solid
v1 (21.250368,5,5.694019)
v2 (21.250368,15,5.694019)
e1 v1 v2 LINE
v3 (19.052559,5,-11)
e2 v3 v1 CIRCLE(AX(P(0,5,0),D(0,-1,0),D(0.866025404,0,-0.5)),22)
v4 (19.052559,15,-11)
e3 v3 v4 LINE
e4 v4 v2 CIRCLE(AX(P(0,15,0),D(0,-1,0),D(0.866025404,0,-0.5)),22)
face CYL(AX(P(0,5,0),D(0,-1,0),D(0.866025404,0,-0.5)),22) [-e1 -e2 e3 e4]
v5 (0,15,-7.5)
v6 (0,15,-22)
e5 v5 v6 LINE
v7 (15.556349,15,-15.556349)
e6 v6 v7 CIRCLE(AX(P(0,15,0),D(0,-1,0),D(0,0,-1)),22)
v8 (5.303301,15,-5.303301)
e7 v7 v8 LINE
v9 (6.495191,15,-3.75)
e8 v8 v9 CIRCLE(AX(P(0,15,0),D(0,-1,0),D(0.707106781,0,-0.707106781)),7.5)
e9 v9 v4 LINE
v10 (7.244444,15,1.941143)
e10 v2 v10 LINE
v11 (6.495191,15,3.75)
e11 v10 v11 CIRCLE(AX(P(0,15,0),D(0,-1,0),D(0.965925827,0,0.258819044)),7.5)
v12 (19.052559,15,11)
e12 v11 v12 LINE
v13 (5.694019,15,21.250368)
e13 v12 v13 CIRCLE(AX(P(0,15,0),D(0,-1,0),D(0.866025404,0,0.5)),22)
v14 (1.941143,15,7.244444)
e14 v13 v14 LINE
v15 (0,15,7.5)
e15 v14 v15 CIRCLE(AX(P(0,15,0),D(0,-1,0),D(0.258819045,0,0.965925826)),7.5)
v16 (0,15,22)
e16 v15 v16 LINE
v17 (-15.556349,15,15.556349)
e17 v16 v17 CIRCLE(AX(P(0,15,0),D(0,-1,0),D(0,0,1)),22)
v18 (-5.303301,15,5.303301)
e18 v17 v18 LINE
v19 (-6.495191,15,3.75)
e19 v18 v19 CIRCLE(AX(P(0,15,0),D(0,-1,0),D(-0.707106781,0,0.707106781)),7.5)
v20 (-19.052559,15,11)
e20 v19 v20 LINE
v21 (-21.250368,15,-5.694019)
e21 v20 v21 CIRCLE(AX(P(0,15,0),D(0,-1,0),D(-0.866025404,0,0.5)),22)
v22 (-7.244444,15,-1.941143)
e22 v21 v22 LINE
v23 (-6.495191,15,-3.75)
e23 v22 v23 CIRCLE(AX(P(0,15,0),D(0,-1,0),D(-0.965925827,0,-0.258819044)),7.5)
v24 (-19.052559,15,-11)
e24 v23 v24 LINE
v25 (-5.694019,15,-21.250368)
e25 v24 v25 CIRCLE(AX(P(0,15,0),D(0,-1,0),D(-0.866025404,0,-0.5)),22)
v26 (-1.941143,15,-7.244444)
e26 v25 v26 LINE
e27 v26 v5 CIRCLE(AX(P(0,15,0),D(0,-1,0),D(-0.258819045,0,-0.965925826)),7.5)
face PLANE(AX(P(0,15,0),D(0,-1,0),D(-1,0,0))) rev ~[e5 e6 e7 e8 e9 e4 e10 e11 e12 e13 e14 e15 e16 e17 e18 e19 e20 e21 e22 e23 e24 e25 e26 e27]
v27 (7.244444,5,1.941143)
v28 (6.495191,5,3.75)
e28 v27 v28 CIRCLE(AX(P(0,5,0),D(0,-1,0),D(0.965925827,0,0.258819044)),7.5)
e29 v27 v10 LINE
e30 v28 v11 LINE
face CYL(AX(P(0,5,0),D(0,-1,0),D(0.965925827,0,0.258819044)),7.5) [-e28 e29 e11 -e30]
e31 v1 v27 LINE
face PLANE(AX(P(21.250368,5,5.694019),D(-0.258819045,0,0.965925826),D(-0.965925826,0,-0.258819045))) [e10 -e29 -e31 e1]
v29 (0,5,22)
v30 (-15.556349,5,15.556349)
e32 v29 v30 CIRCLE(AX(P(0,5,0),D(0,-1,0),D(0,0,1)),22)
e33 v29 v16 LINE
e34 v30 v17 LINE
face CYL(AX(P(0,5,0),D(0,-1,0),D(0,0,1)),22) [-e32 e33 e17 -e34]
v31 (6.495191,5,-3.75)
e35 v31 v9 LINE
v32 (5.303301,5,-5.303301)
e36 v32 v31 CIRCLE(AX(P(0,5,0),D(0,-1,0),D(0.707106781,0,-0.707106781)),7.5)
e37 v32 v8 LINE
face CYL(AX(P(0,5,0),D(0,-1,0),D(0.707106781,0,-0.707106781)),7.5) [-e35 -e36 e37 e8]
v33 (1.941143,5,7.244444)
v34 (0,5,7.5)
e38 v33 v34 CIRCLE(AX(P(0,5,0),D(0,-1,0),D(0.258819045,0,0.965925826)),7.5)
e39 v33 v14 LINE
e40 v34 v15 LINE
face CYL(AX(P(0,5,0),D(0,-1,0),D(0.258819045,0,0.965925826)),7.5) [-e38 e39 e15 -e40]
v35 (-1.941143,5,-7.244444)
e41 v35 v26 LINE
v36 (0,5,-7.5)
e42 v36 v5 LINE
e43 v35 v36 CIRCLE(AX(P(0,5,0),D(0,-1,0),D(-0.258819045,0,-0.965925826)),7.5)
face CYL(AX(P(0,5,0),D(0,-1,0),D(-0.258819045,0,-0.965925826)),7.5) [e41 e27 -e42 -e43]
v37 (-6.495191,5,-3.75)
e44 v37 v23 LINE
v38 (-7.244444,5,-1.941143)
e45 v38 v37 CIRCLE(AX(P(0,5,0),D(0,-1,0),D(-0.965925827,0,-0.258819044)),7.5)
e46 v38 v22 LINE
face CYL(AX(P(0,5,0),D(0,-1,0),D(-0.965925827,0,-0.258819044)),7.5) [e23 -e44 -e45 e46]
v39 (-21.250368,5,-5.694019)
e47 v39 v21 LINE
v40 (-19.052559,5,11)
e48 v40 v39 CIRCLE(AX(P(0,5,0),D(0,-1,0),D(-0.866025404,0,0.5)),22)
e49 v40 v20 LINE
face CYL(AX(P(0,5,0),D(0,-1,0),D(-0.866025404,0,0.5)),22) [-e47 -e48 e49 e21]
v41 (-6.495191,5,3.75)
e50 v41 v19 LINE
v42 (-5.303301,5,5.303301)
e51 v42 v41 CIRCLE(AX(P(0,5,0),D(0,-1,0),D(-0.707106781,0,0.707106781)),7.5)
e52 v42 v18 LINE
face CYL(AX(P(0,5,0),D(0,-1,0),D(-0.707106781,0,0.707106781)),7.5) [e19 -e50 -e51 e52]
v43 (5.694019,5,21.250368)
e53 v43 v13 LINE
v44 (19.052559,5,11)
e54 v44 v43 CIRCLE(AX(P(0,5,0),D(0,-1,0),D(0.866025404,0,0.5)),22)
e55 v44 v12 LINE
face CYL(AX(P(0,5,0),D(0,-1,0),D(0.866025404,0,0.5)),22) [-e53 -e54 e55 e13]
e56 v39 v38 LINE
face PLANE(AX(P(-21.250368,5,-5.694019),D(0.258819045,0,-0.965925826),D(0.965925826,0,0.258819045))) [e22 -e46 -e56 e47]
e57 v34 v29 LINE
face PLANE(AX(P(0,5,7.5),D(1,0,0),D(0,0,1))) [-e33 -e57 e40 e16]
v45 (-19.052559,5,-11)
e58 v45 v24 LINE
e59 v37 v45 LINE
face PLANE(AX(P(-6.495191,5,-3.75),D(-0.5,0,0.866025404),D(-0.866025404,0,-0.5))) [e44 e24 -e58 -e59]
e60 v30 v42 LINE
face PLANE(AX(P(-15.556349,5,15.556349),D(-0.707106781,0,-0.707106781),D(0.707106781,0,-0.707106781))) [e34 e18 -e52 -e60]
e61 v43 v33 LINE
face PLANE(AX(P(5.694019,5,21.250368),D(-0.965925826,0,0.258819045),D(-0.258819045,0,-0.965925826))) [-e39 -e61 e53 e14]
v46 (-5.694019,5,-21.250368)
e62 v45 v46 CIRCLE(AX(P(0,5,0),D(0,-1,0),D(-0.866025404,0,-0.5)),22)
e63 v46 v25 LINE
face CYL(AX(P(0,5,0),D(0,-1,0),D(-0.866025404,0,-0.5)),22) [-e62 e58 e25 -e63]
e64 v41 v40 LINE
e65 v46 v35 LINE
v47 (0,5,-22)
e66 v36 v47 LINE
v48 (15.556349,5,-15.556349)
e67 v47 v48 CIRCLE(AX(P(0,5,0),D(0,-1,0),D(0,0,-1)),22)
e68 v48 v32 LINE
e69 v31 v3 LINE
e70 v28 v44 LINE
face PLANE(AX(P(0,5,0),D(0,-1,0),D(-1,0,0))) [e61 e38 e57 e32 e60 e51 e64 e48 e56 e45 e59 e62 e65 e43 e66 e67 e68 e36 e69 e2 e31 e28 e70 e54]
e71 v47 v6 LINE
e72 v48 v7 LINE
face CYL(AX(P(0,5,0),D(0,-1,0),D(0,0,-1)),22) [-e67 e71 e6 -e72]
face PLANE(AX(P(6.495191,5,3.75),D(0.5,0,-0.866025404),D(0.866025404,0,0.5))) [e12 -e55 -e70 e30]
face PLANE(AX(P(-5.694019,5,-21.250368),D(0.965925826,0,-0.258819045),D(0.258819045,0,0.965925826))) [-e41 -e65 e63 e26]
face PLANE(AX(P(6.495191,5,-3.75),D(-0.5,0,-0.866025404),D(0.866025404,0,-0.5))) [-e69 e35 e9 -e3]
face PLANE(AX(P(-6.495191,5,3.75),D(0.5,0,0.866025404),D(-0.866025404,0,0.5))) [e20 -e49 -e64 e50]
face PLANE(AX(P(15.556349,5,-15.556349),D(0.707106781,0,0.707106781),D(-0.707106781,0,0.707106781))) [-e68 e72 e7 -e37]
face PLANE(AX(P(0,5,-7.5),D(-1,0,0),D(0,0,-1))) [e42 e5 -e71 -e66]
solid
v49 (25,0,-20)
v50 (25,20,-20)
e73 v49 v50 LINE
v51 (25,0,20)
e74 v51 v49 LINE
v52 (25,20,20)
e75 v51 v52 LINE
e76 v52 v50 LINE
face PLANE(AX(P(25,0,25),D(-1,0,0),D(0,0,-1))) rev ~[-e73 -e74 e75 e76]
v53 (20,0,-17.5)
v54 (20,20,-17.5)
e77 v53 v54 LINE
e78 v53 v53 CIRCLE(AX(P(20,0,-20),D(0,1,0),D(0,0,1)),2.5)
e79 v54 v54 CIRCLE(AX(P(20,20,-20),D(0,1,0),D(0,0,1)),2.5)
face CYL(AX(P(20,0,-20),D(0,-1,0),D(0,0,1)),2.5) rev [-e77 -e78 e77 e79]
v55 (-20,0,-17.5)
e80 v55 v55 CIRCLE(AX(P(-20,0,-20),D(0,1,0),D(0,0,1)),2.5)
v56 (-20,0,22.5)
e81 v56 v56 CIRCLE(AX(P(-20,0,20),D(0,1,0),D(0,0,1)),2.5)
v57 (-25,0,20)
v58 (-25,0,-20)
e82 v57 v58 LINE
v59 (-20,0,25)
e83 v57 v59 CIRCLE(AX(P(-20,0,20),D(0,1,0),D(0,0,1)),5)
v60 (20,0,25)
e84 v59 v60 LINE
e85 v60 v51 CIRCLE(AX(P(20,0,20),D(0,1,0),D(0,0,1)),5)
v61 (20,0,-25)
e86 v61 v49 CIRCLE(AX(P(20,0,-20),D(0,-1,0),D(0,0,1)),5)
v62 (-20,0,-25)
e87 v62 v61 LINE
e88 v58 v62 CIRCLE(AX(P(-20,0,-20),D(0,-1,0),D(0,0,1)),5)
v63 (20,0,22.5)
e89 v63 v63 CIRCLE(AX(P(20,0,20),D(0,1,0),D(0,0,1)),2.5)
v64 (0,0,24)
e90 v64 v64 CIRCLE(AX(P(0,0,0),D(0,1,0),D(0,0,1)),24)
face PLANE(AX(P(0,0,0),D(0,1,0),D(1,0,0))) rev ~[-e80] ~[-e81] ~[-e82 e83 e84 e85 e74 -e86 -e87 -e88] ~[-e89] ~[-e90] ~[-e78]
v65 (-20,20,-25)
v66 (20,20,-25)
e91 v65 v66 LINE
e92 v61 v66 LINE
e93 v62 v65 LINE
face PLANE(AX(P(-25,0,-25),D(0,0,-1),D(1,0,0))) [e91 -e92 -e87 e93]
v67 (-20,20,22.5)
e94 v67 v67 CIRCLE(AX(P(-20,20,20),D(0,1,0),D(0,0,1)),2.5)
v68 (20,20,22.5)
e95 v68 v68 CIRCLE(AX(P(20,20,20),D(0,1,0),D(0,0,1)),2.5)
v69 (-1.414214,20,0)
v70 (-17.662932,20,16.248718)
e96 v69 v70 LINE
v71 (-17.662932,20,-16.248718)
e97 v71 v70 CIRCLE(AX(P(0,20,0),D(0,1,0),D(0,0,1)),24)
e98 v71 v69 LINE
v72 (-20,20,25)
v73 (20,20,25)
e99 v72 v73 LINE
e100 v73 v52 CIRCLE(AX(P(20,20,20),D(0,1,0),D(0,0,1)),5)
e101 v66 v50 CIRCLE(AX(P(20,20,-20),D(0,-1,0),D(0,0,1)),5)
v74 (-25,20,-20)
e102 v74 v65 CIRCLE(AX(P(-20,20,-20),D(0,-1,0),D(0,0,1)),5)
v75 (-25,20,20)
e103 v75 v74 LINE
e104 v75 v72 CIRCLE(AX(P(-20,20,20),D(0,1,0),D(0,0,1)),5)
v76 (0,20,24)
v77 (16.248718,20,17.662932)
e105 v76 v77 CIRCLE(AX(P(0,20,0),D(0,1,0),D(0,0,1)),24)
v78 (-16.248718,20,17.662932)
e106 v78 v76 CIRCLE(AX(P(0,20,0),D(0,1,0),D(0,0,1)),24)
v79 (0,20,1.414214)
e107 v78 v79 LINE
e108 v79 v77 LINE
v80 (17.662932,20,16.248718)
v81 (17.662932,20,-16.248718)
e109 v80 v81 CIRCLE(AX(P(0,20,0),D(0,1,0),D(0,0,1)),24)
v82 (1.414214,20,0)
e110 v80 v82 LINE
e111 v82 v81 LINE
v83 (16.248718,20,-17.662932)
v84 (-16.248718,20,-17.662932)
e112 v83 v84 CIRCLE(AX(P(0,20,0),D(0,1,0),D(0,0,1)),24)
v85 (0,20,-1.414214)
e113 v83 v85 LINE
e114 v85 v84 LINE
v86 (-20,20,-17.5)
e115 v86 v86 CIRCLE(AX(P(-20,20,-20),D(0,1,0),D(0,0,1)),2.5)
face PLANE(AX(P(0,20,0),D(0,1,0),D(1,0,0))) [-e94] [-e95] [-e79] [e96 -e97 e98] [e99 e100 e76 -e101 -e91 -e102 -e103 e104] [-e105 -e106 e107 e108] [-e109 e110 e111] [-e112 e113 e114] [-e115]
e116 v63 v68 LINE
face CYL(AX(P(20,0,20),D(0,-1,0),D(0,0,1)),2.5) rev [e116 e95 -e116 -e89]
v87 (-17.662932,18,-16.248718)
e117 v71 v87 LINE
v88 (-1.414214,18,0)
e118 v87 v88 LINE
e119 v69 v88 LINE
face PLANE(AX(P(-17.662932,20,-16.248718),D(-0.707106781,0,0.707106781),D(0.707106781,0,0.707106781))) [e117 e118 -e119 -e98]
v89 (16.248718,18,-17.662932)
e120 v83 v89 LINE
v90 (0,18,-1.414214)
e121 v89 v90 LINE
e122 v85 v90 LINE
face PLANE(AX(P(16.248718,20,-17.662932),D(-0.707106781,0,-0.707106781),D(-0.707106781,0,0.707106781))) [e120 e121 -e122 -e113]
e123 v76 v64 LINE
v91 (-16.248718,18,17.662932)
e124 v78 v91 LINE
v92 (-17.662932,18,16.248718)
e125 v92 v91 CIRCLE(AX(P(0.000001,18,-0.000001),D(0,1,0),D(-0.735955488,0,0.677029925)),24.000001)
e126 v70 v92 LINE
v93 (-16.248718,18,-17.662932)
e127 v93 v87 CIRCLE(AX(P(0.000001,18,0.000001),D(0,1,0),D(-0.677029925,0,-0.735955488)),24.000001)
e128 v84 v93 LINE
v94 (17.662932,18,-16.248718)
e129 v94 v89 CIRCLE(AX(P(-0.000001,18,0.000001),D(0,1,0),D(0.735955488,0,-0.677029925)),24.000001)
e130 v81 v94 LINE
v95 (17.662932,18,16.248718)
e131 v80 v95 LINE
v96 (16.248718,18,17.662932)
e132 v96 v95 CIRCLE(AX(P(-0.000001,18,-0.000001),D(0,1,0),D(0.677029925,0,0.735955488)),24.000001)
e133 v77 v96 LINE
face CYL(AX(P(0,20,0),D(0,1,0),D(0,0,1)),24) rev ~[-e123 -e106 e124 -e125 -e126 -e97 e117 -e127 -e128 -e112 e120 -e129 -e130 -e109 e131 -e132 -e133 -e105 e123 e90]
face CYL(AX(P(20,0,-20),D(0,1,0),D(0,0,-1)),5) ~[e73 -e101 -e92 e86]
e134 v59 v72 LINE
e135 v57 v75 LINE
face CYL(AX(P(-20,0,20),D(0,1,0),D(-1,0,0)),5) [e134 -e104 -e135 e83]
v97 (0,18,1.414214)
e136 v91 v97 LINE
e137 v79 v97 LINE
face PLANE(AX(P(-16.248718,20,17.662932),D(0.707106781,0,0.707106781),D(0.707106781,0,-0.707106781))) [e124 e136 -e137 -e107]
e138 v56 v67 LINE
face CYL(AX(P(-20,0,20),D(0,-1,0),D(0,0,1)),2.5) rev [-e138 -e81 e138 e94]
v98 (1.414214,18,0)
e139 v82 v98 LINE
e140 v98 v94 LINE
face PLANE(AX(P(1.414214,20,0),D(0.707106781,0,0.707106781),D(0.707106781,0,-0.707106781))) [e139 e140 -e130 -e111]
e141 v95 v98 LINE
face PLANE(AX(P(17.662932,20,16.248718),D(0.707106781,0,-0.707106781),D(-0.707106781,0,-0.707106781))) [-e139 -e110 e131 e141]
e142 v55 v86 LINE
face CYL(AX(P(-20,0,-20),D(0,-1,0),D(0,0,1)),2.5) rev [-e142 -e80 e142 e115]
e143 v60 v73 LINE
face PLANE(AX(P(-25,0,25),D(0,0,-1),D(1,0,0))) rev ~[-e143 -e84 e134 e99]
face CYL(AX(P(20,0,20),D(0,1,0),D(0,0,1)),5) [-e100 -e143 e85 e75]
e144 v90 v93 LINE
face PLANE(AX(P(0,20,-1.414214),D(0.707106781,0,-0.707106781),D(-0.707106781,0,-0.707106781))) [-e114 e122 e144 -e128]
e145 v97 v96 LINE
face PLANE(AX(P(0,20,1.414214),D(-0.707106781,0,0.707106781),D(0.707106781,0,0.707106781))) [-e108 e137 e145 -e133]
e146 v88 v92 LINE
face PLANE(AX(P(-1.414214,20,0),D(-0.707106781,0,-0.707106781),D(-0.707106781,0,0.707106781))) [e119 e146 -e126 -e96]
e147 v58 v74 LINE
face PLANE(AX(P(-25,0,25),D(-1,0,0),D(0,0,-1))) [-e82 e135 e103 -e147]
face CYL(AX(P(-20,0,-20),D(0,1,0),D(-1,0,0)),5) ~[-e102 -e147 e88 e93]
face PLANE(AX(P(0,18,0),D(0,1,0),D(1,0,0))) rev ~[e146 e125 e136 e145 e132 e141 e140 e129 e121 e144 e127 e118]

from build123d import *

# Parameters (mm, degrees)
SKETCH1_W           = 50
SKETCH1_H           = 50
SKETCH1_R           = 2.5
BOSS_EXTRUDE1_DEPTH = 20
SKETCH2_R           = 24
CUT_EXTRUDE1_DEPTH  = 20
BOSS_EXTRUDE2_START = 5
BOSS_EXTRUDE2_DEPTH = 10
BOSS_EXTRUDE3_DEPTH = 2
FILLET1_R           = 5


with BuildPart() as part:
    # Sketch1 → Boss-Extrude1 (new body)
    with BuildSketch(Plane(origin=(0, 0, 0), x_dir=(1, 0, 0), z_dir=(0, 1, 0))):
        Rectangle(SKETCH1_W, SKETCH1_H)
        with Locations(Location((-20, 20, 0), (0, 0, 270))):
            Circle(SKETCH1_R, mode=Mode.SUBTRACT)
        with Locations(Location((20, 20, 0), (0, 0, 270))):
            Circle(SKETCH1_R, mode=Mode.SUBTRACT)
        with Locations(Location((20, -20, 0), (0, 0, 270))):
            Circle(SKETCH1_R, mode=Mode.SUBTRACT)
        with Locations(Location((-20, -20, 0), (0, 0, 270))):
            Circle(SKETCH1_R, mode=Mode.SUBTRACT)
    extrude(amount=BOSS_EXTRUDE1_DEPTH)

    # Sketch2 → Cut-Extrude1 (cut)
    with BuildSketch(Plane(origin=(0, 20, 0), x_dir=(1, 0, 0), z_dir=(0, 1, 0))):
        with Locations(Location((0, 0, 0), (0, 0, 270))):
            Circle(SKETCH2_R)
    extrude(amount=-CUT_EXTRUDE1_DEPTH, mode=Mode.SUBTRACT)

    # Sketch4 → Boss-Extrude3 (add)
    with BuildSketch(Plane(origin=(0, 20, 0), x_dir=(1, 0, 0), z_dir=(0, 1, 0))):
        with BuildLine():
            Line((16.248718177, 17.662931739), (0, 1.414213562))
            Line((0, 1.414213562), (-16.248718177, 17.662931739))
            ThreePointArc((-16.248718177, 17.662931739), (-16.970562748, 16.970562748), (-17.662931739, 16.248718177))
            Line((-17.662931739, 16.248718177), (-1.414213562, 0))
            Line((-1.414213562, 0), (-17.662931739, -16.248718177))
            ThreePointArc((-17.662931739, -16.248718177), (-16.970562748, -16.970562748), (-16.248718177, -17.662931739))
            Line((-16.248718177, -17.662931739), (0, -1.414213562))
            Line((0, -1.414213562), (16.248718177, -17.662931739))
            ThreePointArc((16.248718177, -17.662931739), (16.970562748, -16.970562748), (17.662931739, -16.248718177))
            Line((17.662931739, -16.248718177), (1.414213562, 0))
            Line((1.414213562, 0), (17.662931739, 16.248718177))
            ThreePointArc((17.662931739, 16.248718177), (16.970562748, 16.970562748), (16.248718177, 17.662931739))
        make_face()
    extrude(amount=-BOSS_EXTRUDE3_DEPTH)

    # Fillet1
    fillet1_edges = [part.edges().sort_by_distance(p)[0] for p in [
        (25, 10, 25),
        (-25, 10, 25),
        (-25, 10, -25),
        (25, 10, -25),
    ]]
    fillet(fillet1_edges, radius=FILLET1_R)


with BuildPart() as body_2:
    # Sketch3 → Boss-Extrude2 (new body)
    with BuildSketch(Plane(origin=(0, 0, 0), x_dir=(1, 0, 0), z_dir=(0, 1, 0)).offset(BOSS_EXTRUDE2_START)):
        with BuildLine():
            Line((0, 7.5), (0, 22))
            ThreePointArc((0, 22), (8.419035512, 20.325349715), (15.556349186, 15.556349186))
            Line((15.556349186, 15.556349186), (5.303300859, 5.303300859))
            ThreePointArc((5.303300859, 5.303300859), (5.950150052, 4.565710718), (6.495190528, 3.75))
            Line((6.495190528, 3.75), (19.052558883, 11))
            ThreePointArc((19.052558883, 11), (21.81178695, 2.871576229), (21.250368178, -5.694018992))
            Line((21.250368178, -5.694018992), (7.244443697, -1.941142838))
            ThreePointArc((7.244443697, -1.941142838), (6.929096494, -2.870125743), (6.495190528, -3.75))
            Line((6.495190528, -3.75), (19.052558883, -11))
            ThreePointArc((19.052558883, -11), (13.392751438, -17.453773486), (5.694018992, -21.250368178))
            Line((5.694018992, -21.250368178), (1.941142838, -7.244443697))
            ThreePointArc((1.941142838, -7.244443697), (0.978946442, -7.43583646), (0, -7.5))
            Line((0, -7.5), (0, -22))
            ThreePointArc((0, -22), (-8.419035512, -20.325349715), (-15.556349186, -15.556349186))
            Line((-15.556349186, -15.556349186), (-5.303300859, -5.303300859))
            ThreePointArc((-5.303300859, -5.303300859), (-5.950150052, -4.565710718), (-6.495190528, -3.75))
            Line((-6.495190528, -3.75), (-19.052558883, -11))
            ThreePointArc((-19.052558883, -11), (-21.81178695, -2.871576229), (-21.250368178, 5.694018992))
            Line((-21.250368178, 5.694018992), (-7.244443697, 1.941142838))
            ThreePointArc((-7.244443697, 1.941142838), (-6.929096494, 2.870125743), (-6.495190528, 3.75))
            Line((-6.495190528, 3.75), (-19.052558883, 11))
            ThreePointArc((-19.052558883, 11), (-13.392751438, 17.453773486), (-5.694018992, 21.250368178))
            Line((-5.694018992, 21.250368178), (-1.941142838, 7.244443697))
            ThreePointArc((-1.941142838, 7.244443697), (-0.978946442, 7.43583646), (0, 7.5))
        make_face()
    extrude(amount=BOSS_EXTRUDE2_DEPTH)


solid = Compound([part.part, body_2.part])
